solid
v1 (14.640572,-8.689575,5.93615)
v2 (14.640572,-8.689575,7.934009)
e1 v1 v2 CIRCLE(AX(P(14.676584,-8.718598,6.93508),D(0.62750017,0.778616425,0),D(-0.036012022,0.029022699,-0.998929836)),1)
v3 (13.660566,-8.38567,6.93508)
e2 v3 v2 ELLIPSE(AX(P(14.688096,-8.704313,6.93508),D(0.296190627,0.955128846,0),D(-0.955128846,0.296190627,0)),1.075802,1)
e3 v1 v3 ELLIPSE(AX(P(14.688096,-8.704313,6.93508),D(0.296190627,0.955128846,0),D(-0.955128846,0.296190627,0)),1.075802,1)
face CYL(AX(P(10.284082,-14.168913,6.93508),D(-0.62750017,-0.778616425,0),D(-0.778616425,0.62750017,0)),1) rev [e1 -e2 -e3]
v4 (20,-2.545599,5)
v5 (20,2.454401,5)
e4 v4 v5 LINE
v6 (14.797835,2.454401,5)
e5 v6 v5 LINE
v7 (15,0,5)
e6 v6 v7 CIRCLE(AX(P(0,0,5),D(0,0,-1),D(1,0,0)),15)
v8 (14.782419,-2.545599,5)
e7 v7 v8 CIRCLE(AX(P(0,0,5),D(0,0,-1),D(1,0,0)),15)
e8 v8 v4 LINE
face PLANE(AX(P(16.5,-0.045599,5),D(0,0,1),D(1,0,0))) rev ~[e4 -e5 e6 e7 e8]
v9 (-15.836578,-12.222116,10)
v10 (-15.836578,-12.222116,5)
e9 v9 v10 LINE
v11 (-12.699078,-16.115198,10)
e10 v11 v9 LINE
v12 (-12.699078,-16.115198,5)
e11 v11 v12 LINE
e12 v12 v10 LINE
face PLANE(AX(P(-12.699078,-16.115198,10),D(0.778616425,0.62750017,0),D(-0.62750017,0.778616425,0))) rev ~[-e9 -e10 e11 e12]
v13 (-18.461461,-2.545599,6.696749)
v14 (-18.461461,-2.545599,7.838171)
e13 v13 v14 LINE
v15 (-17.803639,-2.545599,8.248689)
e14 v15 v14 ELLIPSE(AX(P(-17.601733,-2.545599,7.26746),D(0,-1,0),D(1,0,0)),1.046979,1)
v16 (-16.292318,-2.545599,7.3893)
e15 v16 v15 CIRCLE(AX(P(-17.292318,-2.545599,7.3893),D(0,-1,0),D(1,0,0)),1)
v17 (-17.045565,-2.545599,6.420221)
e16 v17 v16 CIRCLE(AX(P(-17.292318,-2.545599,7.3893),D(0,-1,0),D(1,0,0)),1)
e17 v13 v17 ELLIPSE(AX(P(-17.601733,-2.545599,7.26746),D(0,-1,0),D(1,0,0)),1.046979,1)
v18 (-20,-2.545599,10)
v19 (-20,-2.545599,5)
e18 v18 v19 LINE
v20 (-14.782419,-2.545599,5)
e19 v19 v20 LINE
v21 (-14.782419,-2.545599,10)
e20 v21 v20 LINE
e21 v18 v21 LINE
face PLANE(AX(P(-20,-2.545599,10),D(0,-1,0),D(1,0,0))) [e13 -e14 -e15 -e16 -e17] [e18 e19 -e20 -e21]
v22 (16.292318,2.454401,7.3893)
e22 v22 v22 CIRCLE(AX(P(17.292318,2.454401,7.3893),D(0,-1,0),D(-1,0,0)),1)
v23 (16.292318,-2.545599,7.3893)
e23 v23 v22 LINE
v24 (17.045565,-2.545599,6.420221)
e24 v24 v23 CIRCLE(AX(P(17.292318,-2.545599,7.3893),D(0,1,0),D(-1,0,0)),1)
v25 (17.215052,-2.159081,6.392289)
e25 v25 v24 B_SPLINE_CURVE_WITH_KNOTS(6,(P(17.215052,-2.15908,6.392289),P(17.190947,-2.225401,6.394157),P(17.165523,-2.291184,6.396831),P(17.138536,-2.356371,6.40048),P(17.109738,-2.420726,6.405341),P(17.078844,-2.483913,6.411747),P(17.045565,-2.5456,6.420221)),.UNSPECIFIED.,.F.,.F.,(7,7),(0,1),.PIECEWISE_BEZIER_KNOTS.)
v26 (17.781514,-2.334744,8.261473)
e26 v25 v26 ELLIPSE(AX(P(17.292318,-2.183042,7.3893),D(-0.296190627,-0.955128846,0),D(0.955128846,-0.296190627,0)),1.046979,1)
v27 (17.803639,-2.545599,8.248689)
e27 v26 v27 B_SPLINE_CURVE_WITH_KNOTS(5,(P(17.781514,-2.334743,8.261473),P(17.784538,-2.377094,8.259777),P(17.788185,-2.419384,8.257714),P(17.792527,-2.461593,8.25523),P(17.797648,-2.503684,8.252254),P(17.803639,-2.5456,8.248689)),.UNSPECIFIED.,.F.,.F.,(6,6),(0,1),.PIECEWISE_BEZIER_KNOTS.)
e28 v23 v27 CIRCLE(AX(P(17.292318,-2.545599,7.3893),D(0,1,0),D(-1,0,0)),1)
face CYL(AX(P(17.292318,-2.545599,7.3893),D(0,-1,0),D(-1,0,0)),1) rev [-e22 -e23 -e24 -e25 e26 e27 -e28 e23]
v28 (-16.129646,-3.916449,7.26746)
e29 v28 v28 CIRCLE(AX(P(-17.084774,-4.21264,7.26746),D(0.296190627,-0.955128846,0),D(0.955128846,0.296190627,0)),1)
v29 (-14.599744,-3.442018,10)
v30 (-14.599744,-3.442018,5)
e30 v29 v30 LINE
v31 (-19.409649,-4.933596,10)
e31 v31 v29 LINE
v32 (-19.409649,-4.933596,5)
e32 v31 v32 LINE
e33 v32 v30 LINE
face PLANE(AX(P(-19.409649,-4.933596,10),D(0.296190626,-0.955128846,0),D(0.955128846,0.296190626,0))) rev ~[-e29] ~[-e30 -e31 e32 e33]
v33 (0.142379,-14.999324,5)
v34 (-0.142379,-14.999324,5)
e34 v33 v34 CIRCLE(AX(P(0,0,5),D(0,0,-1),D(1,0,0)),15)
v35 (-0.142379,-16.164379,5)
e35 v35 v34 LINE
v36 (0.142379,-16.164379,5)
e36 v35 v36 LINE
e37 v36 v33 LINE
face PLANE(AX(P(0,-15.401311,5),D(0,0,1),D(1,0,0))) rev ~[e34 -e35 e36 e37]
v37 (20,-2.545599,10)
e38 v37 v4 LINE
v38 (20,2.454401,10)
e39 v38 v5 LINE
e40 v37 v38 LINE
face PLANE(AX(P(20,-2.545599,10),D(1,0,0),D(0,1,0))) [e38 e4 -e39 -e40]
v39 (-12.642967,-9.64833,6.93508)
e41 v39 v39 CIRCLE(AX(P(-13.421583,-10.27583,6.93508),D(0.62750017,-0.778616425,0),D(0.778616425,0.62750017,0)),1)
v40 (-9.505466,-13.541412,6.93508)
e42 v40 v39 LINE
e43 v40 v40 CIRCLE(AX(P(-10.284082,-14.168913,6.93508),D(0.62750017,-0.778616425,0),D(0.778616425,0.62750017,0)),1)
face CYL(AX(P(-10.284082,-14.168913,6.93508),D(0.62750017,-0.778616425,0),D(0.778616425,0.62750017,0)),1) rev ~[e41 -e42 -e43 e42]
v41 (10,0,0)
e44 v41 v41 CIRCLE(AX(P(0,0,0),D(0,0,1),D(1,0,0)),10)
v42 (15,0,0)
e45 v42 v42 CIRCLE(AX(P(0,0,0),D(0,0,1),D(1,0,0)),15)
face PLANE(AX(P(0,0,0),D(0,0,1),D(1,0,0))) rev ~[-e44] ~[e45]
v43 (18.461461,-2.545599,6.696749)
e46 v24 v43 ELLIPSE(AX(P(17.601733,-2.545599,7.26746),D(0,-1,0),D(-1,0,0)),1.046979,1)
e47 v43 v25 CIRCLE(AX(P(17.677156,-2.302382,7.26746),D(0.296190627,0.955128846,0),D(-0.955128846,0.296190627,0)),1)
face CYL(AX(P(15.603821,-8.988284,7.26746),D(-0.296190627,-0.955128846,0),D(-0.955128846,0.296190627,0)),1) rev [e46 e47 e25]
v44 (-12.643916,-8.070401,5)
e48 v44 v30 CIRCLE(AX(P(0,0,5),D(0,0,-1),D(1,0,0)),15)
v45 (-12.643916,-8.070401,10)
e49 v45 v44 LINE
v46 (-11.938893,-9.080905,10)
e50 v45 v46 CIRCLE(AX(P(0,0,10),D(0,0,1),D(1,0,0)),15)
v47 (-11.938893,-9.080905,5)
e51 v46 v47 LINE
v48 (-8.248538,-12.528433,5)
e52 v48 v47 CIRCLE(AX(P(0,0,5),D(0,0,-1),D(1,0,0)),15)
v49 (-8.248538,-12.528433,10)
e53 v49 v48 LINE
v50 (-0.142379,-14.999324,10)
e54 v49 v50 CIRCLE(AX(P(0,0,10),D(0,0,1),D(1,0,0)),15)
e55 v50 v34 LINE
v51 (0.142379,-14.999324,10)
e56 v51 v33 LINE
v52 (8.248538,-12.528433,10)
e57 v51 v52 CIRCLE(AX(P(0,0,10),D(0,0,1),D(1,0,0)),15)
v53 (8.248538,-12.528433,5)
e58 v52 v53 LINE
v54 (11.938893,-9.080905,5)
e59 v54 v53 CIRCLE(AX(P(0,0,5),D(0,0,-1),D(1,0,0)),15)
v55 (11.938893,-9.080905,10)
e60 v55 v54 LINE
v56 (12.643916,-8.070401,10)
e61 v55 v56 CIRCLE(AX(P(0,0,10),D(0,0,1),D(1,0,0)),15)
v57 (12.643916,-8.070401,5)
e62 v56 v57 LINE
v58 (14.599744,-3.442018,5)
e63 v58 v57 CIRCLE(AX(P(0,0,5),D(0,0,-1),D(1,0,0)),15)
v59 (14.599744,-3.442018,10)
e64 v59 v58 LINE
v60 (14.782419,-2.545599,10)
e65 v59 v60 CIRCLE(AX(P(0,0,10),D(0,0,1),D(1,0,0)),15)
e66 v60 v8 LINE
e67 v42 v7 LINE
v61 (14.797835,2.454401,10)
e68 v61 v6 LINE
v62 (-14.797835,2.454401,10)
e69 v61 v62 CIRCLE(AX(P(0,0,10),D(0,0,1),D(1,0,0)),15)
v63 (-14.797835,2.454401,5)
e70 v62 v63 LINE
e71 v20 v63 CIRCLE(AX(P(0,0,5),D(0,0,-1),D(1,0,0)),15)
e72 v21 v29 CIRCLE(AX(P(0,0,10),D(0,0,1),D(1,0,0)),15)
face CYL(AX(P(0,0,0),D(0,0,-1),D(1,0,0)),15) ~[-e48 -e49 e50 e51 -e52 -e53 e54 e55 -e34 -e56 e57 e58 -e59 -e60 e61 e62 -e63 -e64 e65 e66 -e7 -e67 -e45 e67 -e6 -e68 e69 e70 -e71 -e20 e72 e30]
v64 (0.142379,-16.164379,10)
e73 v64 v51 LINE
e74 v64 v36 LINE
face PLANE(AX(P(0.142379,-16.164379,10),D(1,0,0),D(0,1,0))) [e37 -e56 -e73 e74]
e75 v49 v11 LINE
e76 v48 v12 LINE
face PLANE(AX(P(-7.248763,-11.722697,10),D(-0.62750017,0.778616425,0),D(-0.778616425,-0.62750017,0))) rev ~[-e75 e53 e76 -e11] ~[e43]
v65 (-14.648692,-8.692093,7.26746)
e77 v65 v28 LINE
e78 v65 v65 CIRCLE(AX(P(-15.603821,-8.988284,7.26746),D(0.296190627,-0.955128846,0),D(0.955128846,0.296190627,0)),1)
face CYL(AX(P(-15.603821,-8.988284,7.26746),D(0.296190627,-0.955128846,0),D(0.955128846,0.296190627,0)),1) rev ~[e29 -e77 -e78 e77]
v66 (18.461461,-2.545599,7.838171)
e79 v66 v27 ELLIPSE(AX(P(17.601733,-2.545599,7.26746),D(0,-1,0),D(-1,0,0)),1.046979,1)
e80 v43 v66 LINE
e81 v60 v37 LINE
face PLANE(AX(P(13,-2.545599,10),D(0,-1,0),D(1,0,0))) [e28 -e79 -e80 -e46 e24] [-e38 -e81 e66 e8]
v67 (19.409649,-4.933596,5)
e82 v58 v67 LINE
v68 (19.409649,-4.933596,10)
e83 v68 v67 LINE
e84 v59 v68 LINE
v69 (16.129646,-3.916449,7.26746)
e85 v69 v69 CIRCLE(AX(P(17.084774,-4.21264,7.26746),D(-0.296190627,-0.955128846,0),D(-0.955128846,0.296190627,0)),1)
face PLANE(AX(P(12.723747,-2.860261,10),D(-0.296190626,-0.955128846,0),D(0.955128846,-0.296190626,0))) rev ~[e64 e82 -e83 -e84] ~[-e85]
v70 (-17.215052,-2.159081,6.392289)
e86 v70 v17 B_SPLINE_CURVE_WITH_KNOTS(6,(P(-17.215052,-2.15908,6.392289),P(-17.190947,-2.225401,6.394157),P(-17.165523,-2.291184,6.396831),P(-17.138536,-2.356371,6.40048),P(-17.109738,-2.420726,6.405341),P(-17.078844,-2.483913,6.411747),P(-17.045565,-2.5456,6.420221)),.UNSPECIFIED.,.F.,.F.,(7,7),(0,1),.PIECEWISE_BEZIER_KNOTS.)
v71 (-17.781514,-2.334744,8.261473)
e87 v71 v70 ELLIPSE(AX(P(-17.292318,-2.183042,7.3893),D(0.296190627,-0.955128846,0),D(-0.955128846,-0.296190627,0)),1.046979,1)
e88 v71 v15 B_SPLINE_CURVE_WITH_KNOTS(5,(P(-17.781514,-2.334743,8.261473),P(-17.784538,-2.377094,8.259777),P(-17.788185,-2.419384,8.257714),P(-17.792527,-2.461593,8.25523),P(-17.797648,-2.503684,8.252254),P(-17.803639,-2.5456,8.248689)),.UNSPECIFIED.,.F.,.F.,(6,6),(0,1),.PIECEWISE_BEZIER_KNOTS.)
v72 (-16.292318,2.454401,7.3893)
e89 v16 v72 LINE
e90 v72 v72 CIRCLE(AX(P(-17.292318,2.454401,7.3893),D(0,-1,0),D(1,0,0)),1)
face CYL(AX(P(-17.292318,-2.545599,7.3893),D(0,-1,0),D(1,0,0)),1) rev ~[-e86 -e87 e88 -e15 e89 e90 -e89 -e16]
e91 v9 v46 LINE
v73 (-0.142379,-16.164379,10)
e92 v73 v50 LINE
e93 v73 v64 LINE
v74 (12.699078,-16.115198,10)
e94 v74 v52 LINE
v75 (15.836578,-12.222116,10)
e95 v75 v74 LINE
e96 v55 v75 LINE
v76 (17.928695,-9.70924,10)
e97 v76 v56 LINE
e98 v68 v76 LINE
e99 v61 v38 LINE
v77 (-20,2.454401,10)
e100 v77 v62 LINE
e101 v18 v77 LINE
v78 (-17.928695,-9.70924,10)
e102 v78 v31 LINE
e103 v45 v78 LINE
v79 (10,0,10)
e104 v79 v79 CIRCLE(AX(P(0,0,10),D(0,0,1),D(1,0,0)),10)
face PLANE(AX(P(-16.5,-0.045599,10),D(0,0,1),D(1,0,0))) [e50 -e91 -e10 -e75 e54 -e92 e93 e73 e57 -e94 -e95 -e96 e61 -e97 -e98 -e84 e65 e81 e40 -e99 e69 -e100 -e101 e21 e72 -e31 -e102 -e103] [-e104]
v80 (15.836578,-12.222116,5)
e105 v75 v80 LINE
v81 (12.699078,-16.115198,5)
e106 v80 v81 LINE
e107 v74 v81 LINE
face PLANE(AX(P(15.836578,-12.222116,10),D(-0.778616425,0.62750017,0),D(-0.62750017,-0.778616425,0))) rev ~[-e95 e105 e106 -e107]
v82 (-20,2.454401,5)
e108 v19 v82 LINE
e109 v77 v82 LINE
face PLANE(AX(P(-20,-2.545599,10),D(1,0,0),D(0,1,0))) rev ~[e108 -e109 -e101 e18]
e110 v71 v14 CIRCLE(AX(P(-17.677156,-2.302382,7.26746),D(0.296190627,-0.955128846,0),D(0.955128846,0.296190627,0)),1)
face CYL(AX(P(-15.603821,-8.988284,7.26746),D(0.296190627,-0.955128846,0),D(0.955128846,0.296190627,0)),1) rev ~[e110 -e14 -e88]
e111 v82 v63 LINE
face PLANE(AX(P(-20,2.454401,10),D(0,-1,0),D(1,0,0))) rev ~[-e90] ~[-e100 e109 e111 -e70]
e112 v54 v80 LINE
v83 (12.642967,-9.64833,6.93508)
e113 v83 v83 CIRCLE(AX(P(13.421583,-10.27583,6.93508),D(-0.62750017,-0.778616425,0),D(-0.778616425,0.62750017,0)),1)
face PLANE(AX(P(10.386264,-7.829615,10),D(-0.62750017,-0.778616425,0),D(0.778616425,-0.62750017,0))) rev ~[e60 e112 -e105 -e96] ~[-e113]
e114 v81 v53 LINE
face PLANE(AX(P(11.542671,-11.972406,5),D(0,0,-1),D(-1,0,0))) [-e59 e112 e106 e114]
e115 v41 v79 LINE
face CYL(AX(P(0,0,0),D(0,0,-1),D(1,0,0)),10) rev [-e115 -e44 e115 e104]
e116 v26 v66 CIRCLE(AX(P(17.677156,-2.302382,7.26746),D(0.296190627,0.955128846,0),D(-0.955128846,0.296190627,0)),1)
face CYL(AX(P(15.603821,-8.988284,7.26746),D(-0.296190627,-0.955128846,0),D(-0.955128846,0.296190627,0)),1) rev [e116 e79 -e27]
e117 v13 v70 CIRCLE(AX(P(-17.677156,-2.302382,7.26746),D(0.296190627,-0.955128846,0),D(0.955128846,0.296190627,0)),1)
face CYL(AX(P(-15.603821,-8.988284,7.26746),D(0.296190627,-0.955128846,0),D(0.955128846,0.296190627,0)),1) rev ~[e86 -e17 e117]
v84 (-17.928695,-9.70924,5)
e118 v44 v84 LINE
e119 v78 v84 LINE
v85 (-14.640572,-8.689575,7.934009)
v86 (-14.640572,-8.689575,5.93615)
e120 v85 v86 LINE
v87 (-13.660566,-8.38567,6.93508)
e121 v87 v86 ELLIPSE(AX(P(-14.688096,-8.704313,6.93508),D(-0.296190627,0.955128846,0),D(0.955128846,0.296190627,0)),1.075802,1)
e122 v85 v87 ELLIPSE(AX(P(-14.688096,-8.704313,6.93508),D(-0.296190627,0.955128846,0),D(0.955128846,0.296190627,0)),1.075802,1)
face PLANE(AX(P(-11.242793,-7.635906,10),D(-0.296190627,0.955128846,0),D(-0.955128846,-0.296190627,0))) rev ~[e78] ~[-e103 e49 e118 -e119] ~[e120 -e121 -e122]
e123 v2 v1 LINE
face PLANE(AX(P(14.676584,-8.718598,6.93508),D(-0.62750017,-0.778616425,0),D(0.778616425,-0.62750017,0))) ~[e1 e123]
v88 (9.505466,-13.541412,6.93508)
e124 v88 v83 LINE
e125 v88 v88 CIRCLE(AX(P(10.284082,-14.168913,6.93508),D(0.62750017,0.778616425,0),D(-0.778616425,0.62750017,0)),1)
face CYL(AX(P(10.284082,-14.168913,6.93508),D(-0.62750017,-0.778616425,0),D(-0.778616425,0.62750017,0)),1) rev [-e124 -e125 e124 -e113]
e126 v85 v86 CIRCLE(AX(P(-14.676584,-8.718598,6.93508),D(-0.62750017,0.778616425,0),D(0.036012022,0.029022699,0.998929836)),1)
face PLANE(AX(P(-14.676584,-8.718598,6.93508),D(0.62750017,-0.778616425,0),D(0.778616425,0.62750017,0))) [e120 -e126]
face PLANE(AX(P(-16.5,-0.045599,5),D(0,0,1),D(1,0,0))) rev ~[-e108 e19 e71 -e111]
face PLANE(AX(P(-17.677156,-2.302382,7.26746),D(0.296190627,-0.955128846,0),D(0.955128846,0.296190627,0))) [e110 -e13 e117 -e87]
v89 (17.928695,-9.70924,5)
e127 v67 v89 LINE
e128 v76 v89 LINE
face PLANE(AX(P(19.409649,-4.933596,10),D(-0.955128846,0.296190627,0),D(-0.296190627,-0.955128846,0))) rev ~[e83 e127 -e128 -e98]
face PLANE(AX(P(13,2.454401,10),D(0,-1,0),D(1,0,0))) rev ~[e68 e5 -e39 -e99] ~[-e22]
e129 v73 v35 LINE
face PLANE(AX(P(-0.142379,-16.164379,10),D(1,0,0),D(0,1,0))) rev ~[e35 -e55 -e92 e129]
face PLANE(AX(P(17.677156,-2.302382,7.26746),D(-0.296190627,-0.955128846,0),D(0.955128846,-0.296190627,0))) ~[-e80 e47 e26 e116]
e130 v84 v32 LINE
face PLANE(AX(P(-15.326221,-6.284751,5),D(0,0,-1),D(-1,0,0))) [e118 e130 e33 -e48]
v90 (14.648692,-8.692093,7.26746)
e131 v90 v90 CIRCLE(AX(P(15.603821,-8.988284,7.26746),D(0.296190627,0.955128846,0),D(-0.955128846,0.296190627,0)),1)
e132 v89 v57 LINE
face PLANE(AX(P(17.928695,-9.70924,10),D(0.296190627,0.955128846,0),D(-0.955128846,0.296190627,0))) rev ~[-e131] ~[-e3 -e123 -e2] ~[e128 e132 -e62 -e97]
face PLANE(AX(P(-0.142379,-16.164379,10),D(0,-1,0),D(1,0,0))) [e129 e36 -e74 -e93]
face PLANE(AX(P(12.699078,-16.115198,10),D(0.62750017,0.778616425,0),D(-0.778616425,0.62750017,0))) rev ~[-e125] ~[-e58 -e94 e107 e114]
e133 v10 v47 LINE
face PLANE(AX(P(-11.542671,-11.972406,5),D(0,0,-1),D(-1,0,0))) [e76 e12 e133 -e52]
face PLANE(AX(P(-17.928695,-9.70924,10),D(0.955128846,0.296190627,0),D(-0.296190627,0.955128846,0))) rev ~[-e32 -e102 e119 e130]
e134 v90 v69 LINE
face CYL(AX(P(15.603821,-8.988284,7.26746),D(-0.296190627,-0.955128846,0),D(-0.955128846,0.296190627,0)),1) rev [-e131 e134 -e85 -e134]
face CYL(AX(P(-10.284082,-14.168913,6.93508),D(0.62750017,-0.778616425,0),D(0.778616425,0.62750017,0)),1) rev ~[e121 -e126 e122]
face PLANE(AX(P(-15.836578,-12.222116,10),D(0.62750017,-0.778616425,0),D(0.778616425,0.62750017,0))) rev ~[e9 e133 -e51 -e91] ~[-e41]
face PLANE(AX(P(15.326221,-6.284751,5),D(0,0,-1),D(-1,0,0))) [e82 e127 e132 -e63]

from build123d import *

# Parameters (mm, degrees)
ESQUISSE1_R             = 15
ESQUISSE1_R_2           = 10
BOSS_EXTRU_1_DEPTH      = 10
ESQUISSE2_W             = 7
ESQUISSE2_H             = 5
ESQUISSE2_W_2           = 0.284758048
ESQUISSE2_H_2           = 1.526135502
BOSS_EXTRU_2_DEPTH      = 5
ESQUISSE3_R             = 1
ENL_V_MAT_EXTRU_1_DEPTH = 10
ESQUISSE4_R             = 1
ENL_V_MAT_EXTRU_2_DEPTH = 7
ESQUISSE5_R             = 1
ENL_V_MAT_EXTRU_3_DEPTH = 7


with BuildPart() as part:
    # Esquisse1 → Boss.-Extru.1 (new body)
    with BuildSketch(Plane.XY):
        Circle(ESQUISSE1_R)
        Circle(ESQUISSE1_R_2, mode=Mode.SUBTRACT)
    extrude(amount=BOSS_EXTRU_1_DEPTH)

    # Esquisse2 → Boss.-Extru.2 (add)
    with BuildSketch(Plane.XY.offset(10)):
        with Locations((-16.5, -0.045599179)):
            Rectangle(ESQUISSE2_W, ESQUISSE2_H)
        Polygon((-12.723746603, -2.860261308), (-11.24279347, -7.635905538), (-17.928695393, -9.709239924), (-19.409648526, -4.933595693), align=None)
        Polygon((-10.38626352, -7.829614824), (-7.248762671, -11.722696948), (-12.699077643, -16.115198137), (-15.836578493, -12.222116013), align=None)
        Polygon((15.836578493, -12.222116013), (12.699077643, -16.115198137), (7.248762671, -11.722696948), (10.38626352, -7.829614824), align=None)
        Polygon((19.409648526, -4.933595693), (17.928695393, -9.709239924), (11.24279347, -7.635905538), (12.723746603, -2.860261308), align=None)
        with Locations((16.5, -0.045599179)):
            Rectangle(ESQUISSE2_W, ESQUISSE2_H)
        with Locations((0, -15.401311239)):
            Rectangle(ESQUISSE2_W_2, ESQUISSE2_H_2)
    extrude(amount=-BOSS_EXTRU_2_DEPTH)

    # Esquisse3 → Enlèv. mat.-Extru.1 (cut)
    with BuildSketch(Plane.XZ.offset(2.545599179)):
        with Locations((-17.292317554, 7.389299581)):
            Circle(ESQUISSE3_R)
    enl_v_mat_extru_1 = extrude(amount=-ENL_V_MAT_EXTRU_1_DEPTH, mode=Mode.SUBTRACT)

    # Esquisse4 → Enlèv. mat.-Extru.2 (cut)
    with BuildSketch(Plane(origin=(1.17388153, -3.785427393, 0), x_dir=(0.955128846150379, 0.2961906265421742, 0), z_dir=(0.2961906265421742, -0.955128846150379, 0))):
        with Locations((-17.565905228, 7.267460252)):
            Circle(ESQUISSE4_R)
    enl_v_mat_extru_2 = extrude(amount=-ENL_V_MAT_EXTRU_2_DEPTH, mode=Mode.SUBTRACT)

    # Esquisse5 → Enlèv. mat.-Extru.3 (cut)
    with BuildSketch(Plane(origin=(2.873250851, -3.56519474, 0), x_dir=(0.778616424708494, 0.6275001698598672, 0), z_dir=(0.6275001698598671, -0.7786164247084939, 0))):
        with Locations((-16.898350616, 6.935079558)):
            Circle(ESQUISSE5_R)
    enl_v_mat_extru_3 = extrude(amount=-ENL_V_MAT_EXTRU_3_DEPTH, mode=Mode.SUBTRACT)

    # Symétrie1: Enlèv. mat.-Extru.1, Enlèv. mat.-Extru.2, Enlèv. mat.-Extru.3 across plane
    add(enl_v_mat_extru_1.mirror(Plane(origin=(0, 0, 0), x_dir=(0, 0, 1), z_dir=(1, 0, 0))), mode=Mode.SUBTRACT)
    add(enl_v_mat_extru_2.mirror(Plane(origin=(0, 0, 0), x_dir=(0, 0, 1), z_dir=(1, 0, 0))), mode=Mode.SUBTRACT)
    add(enl_v_mat_extru_3.mirror(Plane(origin=(0, 0, 0), x_dir=(0, 0, 1), z_dir=(1, 0, 0))), mode=Mode.SUBTRACT)


solid = part.part
